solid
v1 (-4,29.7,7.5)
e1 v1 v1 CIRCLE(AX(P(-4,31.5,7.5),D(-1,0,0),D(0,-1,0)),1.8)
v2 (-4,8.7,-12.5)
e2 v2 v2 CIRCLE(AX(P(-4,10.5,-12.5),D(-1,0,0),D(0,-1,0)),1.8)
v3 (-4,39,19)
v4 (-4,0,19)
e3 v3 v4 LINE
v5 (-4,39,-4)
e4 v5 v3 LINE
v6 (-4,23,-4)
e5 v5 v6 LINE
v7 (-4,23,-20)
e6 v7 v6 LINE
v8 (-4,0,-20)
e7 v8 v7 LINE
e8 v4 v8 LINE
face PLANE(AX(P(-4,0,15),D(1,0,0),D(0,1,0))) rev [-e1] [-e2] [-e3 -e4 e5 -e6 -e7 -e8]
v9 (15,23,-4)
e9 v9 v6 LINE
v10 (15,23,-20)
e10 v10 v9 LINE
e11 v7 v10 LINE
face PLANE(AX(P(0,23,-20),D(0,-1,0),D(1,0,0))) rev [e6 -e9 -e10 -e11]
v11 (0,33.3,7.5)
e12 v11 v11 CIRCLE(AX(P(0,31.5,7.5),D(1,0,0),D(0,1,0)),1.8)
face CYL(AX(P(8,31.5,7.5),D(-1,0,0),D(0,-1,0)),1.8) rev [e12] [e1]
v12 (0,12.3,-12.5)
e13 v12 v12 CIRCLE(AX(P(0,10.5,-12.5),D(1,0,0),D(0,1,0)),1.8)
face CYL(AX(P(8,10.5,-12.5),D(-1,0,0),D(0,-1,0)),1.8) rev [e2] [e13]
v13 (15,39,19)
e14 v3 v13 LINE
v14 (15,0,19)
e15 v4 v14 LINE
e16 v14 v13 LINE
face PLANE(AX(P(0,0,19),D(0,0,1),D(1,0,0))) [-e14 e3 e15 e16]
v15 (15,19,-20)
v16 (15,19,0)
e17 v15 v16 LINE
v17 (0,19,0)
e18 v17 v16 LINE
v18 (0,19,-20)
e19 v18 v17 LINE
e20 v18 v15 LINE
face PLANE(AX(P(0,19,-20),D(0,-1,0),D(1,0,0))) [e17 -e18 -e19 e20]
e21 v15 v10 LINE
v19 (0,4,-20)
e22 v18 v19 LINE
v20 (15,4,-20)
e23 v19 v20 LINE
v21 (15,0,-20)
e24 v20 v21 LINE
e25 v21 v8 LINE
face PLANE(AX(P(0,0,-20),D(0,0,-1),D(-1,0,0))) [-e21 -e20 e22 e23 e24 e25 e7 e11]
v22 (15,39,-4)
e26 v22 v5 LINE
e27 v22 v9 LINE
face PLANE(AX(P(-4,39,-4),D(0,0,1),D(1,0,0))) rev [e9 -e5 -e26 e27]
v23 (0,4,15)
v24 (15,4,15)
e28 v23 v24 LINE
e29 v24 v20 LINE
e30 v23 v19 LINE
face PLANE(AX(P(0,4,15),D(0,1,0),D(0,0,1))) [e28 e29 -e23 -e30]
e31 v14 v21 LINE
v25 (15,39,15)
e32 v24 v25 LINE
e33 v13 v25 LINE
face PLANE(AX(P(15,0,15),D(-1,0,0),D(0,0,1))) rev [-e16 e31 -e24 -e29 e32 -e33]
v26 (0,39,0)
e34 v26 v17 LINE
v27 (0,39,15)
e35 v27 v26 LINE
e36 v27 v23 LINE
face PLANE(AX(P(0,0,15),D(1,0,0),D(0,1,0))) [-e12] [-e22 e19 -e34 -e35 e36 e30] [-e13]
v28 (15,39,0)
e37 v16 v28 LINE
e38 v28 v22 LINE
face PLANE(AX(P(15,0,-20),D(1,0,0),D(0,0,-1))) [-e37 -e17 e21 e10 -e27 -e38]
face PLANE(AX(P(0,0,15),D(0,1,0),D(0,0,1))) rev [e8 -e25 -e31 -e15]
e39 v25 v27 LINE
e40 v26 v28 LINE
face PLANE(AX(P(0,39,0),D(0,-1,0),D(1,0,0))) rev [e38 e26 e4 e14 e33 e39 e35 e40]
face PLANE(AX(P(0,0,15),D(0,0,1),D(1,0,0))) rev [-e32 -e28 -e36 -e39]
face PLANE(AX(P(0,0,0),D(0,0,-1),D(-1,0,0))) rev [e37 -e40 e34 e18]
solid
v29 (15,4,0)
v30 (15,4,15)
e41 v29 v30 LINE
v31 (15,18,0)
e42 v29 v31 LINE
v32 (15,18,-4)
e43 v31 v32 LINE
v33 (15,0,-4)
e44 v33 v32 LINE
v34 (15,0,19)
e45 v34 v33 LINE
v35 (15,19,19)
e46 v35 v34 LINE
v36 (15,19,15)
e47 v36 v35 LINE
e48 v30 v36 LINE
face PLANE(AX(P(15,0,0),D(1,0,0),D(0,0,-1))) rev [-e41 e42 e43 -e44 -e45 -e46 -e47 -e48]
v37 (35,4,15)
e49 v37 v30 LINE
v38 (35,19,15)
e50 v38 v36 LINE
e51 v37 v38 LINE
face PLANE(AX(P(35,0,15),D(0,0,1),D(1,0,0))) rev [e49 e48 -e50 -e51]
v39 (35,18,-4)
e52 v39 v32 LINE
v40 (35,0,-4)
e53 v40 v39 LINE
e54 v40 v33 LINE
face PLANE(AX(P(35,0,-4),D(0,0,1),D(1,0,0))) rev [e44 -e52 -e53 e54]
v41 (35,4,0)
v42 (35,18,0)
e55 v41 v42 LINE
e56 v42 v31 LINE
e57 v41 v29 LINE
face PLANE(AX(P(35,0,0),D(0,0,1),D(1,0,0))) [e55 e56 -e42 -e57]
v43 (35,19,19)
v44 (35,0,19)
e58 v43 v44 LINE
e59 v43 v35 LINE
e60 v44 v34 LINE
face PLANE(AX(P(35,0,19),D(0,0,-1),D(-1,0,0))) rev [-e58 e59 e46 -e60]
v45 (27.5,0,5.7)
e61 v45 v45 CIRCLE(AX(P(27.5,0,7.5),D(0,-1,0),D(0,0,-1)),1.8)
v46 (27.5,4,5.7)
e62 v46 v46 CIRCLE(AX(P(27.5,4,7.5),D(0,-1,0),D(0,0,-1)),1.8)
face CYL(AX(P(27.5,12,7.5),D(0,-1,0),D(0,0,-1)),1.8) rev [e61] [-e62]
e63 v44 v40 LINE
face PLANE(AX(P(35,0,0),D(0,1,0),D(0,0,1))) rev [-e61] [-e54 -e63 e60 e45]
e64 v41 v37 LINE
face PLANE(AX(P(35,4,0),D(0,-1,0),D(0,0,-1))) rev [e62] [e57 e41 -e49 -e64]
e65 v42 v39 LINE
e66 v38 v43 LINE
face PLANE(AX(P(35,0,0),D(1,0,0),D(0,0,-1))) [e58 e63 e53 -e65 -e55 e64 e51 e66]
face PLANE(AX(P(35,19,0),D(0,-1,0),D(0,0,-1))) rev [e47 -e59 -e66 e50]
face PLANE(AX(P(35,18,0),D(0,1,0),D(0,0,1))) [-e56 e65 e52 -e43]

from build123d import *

# Parameters (mm, degrees)
SKETCH_1_W          = 4
SKETCH_1_H          = 19
SKETCH_1_W_2        = 15
SKETCH_1_H_2        = 4
EXTRUDE_1_DEPTH     = 15
SKETCH_2_W          = 19
SKETCH_2_H          = 19
EXTRUDE_2_DEPTH     = 4
EXTRUDE_3_DEPTH     = 20
EXTRUDE_5_DEPTH     = 20
EXTRUDE_6_DEPTH     = 20
SKETCH_7_W          = 19
SKETCH_7_H          = 4
EXTRUDE_7_DEPTH     = 16
SKETCH_8_R          = 1.8
CUT_EXTRUDE_1_DEPTH = 12
SKETCH_9_R          = 1.8
CUT_EXTRUDE_2_DEPTH = 12


with BuildPart() as part:
    # 草图1 → 凸台-拉伸1 (new body)
    with BuildSketch(Plane.XY):
        with Locations((-2, 9.5)):
            Rectangle(SKETCH_1_W, SKETCH_1_H)
        with Locations((7.5, 2)):
            Rectangle(SKETCH_1_W_2, SKETCH_1_H_2)
    extrude(amount=EXTRUDE_1_DEPTH)

    # 草图2 → 凸台-拉伸2 (add)
    with BuildSketch(Plane.XY.offset(15)):
        with Locations((5.5, 9.5)):
            Rectangle(SKETCH_2_W, SKETCH_2_H)
    extrude(amount=EXTRUDE_2_DEPTH)

    # 草图3 → 凸台-拉伸3 (add)
    with BuildSketch(Plane(origin=(0, 0, 0), x_dir=(-1, 0, 0), z_dir=(0, 0, -1))):
        Polygon((-15, 19), (0, 19), (0, 4), (-15, 4), (-15, 0), (4, 0), (4, 23), (-15, 23), align=None)
    extrude(amount=EXTRUDE_3_DEPTH)



with BuildPart() as body_2:
    # 草图5 → 凸台-拉伸5 (new body)
    with BuildSketch(Plane(origin=(15, 0, 0), x_dir=(0, 0, -1), z_dir=(1, 0, 0))):
        Polygon((-19, 0), (-15, 0), (0, 0), (4, 0), (4, 18), (0, 18), (0, 4), (-15, 4), (-15, 19), (-19, 19), align=None)
    extrude(amount=EXTRUDE_5_DEPTH)

    # 草图9 → 切除-拉伸2 (cut)
    with BuildSketch(Plane.XZ):
        with Locations((27.5, 7.5)):
            Circle(SKETCH_9_R)
    extrude(amount=-CUT_EXTRUDE_2_DEPTH, mode=Mode.SUBTRACT)


with BuildPart() as body_3:
    # 草图6 → 凸台-拉伸6 (new body)
    with BuildSketch(Plane(origin=(0, 19, 0), x_dir=(1, 0, 0), z_dir=(0, 1, 0))):
        Polygon((-4, -19), (15, -19), (15, -15), (0, -15), (0, 0), (-4, 0), (-4, -16), align=None)
    extrude(amount=EXTRUDE_6_DEPTH)


with BuildPart() as part_1:
    add(part.part)

    add(body_3.part)  # 凸台-拉伸7 merges body 3
    # 草图7 → 凸台-拉伸7 (add)
    with BuildSketch(Plane(origin=(0, 23, 0), x_dir=(1, 0, 0), z_dir=(0, 1, 0))):
        with Locations((5.5, 2)):
            Rectangle(SKETCH_7_W, SKETCH_7_H)
    extrude(amount=EXTRUDE_7_DEPTH)

    # 草图8 → 切除-拉伸1 (cut)
    with BuildSketch(Plane.ZY.offset(4)):
        with Locations((7.5, 31.5)):
            Circle(SKETCH_8_R)
        with Locations((-12.5, 10.5)):
            Circle(SKETCH_8_R)
    extrude(amount=-CUT_EXTRUDE_1_DEPTH, mode=Mode.SUBTRACT)


solid = Compound([body_2.part, part_1.part])
